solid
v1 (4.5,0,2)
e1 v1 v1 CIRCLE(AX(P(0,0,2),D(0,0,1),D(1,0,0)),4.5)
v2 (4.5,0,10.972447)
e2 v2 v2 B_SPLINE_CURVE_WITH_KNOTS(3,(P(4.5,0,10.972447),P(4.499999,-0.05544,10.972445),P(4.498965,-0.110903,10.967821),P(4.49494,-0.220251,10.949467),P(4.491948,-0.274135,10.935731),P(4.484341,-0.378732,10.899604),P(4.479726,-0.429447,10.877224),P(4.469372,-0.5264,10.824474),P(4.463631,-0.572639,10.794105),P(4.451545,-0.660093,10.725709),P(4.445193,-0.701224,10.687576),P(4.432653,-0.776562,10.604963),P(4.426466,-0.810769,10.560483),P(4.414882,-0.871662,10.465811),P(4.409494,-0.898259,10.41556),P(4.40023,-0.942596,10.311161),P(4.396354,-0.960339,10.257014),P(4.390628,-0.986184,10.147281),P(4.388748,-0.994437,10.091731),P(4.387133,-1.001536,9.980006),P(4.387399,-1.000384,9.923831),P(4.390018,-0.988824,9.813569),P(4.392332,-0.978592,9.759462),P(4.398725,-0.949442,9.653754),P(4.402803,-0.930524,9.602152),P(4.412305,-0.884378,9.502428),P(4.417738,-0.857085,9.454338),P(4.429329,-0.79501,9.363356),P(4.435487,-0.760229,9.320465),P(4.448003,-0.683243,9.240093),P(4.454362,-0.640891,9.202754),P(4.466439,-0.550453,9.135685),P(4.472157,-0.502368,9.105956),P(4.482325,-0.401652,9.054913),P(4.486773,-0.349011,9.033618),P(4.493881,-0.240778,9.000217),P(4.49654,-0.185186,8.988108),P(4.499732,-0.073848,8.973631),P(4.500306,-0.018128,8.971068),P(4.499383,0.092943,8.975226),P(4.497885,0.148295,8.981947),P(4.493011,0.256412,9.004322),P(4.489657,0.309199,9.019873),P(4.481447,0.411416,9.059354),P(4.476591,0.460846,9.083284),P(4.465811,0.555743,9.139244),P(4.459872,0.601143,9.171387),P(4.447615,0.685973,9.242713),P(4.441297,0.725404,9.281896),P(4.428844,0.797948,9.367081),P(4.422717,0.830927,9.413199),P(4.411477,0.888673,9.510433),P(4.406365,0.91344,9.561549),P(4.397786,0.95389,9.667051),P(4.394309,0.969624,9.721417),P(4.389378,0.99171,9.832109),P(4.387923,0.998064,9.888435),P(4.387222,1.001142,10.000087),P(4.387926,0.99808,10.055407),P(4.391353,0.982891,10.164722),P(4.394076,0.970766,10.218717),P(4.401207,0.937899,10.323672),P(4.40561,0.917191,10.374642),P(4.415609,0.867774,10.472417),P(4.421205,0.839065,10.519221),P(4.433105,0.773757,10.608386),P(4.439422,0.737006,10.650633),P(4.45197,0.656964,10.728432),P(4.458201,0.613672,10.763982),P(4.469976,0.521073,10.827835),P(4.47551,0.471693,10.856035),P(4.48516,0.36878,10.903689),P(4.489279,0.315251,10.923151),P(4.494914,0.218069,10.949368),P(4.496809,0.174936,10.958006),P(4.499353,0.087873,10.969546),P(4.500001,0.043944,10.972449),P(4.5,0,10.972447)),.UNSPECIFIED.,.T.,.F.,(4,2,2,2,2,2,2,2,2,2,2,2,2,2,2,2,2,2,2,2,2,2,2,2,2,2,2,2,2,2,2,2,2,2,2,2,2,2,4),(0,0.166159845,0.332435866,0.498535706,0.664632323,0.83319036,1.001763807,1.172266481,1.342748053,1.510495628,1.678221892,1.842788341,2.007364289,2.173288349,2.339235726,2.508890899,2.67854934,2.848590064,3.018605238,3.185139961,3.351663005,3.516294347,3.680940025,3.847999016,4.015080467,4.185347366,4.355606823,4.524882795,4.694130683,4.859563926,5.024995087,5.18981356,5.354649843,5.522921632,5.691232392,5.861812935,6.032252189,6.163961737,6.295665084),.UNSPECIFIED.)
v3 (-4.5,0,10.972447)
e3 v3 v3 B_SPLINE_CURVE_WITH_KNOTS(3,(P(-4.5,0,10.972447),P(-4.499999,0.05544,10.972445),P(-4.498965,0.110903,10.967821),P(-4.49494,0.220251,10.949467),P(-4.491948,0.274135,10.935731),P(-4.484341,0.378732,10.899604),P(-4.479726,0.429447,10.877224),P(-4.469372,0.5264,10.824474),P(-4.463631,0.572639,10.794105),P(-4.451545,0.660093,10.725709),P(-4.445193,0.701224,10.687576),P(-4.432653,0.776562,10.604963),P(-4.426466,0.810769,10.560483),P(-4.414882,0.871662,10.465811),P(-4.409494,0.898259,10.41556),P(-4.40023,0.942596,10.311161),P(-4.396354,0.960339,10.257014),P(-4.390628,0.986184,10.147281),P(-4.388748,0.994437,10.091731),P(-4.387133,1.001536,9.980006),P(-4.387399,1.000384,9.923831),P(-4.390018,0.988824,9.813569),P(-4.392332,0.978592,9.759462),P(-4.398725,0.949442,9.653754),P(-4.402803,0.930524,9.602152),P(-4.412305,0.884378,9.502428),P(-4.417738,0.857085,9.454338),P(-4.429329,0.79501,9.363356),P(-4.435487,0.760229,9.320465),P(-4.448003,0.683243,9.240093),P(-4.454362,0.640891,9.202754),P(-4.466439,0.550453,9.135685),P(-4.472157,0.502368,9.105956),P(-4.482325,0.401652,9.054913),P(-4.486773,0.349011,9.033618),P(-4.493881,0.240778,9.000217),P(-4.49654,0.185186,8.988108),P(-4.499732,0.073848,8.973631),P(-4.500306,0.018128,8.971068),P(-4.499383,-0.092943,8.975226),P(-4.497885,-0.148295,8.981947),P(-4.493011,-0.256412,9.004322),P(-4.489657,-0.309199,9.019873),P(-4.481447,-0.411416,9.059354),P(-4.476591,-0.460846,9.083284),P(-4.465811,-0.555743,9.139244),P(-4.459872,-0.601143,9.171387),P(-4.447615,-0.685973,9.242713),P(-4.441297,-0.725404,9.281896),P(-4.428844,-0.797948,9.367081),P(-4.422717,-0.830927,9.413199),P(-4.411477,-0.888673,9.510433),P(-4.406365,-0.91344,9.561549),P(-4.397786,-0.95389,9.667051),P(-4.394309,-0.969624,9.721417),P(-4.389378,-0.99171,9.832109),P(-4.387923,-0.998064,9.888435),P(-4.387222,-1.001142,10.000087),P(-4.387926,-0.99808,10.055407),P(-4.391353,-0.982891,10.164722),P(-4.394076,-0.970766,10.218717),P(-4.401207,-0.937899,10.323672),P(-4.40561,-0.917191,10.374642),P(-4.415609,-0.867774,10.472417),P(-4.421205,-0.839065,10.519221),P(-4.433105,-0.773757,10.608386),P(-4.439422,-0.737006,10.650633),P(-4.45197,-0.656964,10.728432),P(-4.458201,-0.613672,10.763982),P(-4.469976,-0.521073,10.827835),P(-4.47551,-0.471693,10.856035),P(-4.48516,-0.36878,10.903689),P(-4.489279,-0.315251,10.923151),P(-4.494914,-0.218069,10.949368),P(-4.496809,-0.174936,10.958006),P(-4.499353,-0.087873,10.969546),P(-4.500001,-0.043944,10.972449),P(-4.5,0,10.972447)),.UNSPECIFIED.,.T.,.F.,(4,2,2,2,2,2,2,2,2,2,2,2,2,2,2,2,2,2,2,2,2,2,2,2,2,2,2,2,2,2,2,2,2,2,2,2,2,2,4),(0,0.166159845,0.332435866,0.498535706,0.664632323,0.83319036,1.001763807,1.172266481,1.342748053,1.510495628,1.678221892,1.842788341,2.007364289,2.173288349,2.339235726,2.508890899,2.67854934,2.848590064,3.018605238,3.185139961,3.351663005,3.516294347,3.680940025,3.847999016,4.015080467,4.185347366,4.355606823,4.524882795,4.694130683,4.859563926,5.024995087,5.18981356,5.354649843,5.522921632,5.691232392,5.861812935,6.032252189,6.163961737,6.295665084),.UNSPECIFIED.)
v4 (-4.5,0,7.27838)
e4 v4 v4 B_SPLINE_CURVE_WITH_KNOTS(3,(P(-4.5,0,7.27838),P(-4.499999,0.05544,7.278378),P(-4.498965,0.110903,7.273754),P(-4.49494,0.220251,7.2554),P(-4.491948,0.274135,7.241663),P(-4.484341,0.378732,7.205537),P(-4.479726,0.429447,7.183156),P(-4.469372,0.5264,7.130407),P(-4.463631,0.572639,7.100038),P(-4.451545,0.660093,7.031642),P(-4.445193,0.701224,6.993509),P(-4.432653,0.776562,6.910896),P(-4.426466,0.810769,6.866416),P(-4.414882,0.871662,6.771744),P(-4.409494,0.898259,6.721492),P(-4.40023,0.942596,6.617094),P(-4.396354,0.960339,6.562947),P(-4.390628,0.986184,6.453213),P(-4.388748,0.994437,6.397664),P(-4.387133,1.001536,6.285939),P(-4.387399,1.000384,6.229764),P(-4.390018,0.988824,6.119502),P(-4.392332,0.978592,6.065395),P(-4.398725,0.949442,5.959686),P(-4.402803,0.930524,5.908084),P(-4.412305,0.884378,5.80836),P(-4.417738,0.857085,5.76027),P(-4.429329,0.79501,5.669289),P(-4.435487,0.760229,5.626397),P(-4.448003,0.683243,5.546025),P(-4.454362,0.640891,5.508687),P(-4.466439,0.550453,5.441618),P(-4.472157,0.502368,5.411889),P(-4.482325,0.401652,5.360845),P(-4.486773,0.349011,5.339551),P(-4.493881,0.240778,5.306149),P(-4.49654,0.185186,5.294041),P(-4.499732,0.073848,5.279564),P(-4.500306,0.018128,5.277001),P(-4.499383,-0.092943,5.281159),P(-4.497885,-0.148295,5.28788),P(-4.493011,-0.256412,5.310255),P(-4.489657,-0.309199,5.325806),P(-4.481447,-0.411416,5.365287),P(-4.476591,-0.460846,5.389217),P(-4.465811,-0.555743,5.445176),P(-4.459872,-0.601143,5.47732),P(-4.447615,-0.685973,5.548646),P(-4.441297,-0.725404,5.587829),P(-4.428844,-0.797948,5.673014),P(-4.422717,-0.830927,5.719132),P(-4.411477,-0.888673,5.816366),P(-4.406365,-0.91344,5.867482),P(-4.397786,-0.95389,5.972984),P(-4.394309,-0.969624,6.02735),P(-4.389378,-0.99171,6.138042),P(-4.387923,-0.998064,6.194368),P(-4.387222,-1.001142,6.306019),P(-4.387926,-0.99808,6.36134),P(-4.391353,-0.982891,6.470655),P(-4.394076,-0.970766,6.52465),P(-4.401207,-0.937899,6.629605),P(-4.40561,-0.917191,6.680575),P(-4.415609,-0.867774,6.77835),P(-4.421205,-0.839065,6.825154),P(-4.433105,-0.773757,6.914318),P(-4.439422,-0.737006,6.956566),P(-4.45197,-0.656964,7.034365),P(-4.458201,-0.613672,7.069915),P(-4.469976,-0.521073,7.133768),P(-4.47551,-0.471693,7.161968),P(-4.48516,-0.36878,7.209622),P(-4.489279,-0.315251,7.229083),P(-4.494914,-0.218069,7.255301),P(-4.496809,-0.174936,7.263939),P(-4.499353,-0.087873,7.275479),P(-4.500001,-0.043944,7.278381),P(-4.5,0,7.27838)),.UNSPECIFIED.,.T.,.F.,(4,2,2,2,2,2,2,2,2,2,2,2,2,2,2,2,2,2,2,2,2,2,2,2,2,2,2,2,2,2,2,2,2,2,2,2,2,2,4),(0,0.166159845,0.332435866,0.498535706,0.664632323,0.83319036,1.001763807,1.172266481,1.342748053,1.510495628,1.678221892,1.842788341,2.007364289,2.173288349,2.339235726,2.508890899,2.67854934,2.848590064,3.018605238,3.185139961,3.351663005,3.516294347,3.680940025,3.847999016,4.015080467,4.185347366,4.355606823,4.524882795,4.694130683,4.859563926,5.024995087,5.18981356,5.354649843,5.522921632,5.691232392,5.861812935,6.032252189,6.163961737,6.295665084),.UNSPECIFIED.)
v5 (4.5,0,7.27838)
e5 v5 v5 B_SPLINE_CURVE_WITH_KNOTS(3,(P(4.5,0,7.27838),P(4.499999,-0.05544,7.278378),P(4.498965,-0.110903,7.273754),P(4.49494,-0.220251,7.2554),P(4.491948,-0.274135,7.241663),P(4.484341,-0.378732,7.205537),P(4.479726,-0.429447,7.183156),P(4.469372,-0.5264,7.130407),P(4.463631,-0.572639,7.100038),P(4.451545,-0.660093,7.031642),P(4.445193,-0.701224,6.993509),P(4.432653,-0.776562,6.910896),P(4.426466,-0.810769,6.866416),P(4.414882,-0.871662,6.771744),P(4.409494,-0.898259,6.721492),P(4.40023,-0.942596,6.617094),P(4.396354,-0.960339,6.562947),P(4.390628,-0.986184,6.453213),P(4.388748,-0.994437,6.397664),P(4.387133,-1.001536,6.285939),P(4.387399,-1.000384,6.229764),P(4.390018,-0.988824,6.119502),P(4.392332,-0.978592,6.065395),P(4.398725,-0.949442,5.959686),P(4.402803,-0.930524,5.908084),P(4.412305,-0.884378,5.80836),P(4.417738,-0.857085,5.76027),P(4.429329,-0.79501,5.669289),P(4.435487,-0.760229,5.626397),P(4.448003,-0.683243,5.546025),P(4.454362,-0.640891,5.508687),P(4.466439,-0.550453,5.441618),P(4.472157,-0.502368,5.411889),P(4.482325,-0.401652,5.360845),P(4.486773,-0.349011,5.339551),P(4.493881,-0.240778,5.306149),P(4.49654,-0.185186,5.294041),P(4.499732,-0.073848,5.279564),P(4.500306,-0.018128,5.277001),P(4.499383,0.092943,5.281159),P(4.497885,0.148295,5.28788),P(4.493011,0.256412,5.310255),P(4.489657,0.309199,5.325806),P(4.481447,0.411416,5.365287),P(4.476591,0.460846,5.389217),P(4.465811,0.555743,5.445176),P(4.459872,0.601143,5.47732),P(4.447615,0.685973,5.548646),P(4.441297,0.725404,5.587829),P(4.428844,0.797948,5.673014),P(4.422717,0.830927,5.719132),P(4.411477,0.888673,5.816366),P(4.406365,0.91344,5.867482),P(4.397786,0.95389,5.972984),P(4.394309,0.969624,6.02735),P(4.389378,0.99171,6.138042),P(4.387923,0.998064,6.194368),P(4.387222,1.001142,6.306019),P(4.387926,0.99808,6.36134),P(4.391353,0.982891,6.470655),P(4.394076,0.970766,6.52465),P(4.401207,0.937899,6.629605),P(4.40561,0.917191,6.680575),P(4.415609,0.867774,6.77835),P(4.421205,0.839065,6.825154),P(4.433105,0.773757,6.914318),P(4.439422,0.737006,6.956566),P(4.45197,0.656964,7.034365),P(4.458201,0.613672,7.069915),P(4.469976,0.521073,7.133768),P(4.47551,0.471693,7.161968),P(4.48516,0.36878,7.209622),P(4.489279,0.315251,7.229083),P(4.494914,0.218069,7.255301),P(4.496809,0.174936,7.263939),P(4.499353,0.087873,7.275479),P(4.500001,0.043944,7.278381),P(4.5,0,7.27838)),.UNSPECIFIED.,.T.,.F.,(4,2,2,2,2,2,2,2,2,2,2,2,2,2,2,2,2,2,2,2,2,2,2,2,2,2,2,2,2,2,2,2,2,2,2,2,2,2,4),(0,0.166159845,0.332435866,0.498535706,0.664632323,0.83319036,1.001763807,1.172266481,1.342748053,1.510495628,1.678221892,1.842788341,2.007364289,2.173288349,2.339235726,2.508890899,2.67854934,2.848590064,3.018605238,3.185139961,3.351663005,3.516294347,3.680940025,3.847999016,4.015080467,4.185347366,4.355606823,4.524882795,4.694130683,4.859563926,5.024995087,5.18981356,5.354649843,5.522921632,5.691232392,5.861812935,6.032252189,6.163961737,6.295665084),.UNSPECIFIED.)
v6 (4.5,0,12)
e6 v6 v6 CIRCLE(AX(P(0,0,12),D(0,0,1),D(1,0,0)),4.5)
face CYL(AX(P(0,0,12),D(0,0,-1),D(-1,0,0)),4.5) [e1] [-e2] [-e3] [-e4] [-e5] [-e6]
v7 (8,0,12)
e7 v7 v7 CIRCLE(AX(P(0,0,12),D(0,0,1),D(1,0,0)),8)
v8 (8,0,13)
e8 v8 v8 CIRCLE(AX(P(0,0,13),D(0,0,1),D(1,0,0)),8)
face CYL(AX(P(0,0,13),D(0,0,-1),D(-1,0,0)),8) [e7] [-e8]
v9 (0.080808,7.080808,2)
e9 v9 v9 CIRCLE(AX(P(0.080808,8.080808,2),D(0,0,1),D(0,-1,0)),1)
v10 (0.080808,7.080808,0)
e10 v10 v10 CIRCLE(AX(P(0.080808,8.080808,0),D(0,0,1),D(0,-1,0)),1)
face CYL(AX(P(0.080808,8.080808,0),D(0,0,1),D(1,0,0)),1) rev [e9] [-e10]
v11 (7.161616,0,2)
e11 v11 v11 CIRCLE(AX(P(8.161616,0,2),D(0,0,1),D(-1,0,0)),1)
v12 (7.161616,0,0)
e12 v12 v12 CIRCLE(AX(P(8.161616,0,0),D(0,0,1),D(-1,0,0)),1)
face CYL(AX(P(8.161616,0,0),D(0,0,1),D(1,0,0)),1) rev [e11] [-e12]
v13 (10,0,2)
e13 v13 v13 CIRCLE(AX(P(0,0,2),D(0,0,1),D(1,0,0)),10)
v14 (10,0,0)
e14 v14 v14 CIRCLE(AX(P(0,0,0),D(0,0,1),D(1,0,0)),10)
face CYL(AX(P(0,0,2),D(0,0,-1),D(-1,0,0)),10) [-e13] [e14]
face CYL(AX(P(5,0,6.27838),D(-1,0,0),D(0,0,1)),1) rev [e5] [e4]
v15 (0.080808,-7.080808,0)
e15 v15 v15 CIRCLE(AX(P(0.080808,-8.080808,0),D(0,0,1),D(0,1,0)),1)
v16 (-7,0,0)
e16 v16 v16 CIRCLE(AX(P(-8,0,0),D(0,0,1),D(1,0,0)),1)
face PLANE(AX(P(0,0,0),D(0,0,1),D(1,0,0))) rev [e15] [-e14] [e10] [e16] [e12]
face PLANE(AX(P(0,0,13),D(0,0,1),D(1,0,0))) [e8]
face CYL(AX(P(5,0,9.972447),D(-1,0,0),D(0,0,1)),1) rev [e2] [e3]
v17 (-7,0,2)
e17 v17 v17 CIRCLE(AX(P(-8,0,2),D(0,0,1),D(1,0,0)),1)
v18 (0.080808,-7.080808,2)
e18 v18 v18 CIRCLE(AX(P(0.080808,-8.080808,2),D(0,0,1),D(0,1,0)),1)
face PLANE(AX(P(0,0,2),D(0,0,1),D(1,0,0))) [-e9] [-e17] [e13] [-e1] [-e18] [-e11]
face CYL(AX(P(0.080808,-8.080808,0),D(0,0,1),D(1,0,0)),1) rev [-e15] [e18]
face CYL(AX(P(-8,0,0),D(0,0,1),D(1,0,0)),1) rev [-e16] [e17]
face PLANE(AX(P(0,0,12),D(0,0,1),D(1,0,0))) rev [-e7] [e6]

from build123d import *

# Parameters (mm, degrees)
SKIZZE1_R                            = 10
AUFSATZ_LINEAR_AUSTRAGEN1_DEPTH      = 2
SKIZZE4_R                            = 1
SCHNITT_LINEAR_AUSTRAGEN1_DEPTH      = 2
KREISMUSTER1_COUNT                   = 4
SKIZZE5_R                            = 4.5
AUFSATZ_LINEAR_AUSTRAGEN2_DEPTH      = 10
SKIZZE6_R                            = 8
AUFSATZ_LINEAR_AUSTRAGEN3_DEPTH      = 1
SKIZZE7_R                            = 1
SCHNITT_LINEAR_AUSTRAGEN2_DEPTH      = 5
SCHNITT_LINEAR_AUSTRAGEN2_DEPTH_BACK = 5


with BuildPart() as part:
    # Skizze1 → Aufsatz-Linear austragen1 (new body)
    with BuildSketch(Plane.XY):
        Circle(SKIZZE1_R)
    extrude(amount=AUFSATZ_LINEAR_AUSTRAGEN1_DEPTH)

    # Skizze4 → Schnitt-Linear austragen1 (cut)
    with BuildSketch(Plane.XY.offset(2)):
        with Locations((-8, 0)):
            Circle(SKIZZE4_R)
    schnitt_linear_austragen1 = extrude(amount=-SCHNITT_LINEAR_AUSTRAGEN1_DEPTH, mode=Mode.SUBTRACT)

    # Kreismuster1: Schnitt-Linear austragen1 ×4 about axis
    kreismuster1_axis = Axis((0.080808081, 0, 0), (0, 0, 1))
    for i in range(1, KREISMUSTER1_COUNT):
        add(schnitt_linear_austragen1.rotate(kreismuster1_axis, i * 360 / KREISMUSTER1_COUNT), mode=Mode.SUBTRACT)

    # Skizze5 → Aufsatz-Linear austragen2 (add)
    with BuildSketch(Plane.XY.offset(2)):
        Circle(SKIZZE5_R)
    extrude(amount=AUFSATZ_LINEAR_AUSTRAGEN2_DEPTH)

    # Skizze6 → Aufsatz-Linear austragen3 (add)
    with BuildSketch(Plane.XY.offset(12)):
        Circle(SKIZZE6_R)
    extrude(amount=AUFSATZ_LINEAR_AUSTRAGEN3_DEPTH)

    # Skizze7 → Schnitt-Linear austragen2 (cut, two sides)
    with BuildSketch(Plane(origin=(0, 0, 0), x_dir=(0, 0, -1), z_dir=(1, 0, 0))) as schnitt_linear_austragen2_sk:
        with Locations((-9.972447251, 0)):
            Circle(SKIZZE7_R)
        with Locations((-6.278379976, 0)):
            Circle(SKIZZE7_R)
    extrude(amount=SCHNITT_LINEAR_AUSTRAGEN2_DEPTH, mode=Mode.SUBTRACT)
    extrude(schnitt_linear_austragen2_sk.sketch, amount=-SCHNITT_LINEAR_AUSTRAGEN2_DEPTH_BACK, mode=Mode.SUBTRACT)


solid = part.part
